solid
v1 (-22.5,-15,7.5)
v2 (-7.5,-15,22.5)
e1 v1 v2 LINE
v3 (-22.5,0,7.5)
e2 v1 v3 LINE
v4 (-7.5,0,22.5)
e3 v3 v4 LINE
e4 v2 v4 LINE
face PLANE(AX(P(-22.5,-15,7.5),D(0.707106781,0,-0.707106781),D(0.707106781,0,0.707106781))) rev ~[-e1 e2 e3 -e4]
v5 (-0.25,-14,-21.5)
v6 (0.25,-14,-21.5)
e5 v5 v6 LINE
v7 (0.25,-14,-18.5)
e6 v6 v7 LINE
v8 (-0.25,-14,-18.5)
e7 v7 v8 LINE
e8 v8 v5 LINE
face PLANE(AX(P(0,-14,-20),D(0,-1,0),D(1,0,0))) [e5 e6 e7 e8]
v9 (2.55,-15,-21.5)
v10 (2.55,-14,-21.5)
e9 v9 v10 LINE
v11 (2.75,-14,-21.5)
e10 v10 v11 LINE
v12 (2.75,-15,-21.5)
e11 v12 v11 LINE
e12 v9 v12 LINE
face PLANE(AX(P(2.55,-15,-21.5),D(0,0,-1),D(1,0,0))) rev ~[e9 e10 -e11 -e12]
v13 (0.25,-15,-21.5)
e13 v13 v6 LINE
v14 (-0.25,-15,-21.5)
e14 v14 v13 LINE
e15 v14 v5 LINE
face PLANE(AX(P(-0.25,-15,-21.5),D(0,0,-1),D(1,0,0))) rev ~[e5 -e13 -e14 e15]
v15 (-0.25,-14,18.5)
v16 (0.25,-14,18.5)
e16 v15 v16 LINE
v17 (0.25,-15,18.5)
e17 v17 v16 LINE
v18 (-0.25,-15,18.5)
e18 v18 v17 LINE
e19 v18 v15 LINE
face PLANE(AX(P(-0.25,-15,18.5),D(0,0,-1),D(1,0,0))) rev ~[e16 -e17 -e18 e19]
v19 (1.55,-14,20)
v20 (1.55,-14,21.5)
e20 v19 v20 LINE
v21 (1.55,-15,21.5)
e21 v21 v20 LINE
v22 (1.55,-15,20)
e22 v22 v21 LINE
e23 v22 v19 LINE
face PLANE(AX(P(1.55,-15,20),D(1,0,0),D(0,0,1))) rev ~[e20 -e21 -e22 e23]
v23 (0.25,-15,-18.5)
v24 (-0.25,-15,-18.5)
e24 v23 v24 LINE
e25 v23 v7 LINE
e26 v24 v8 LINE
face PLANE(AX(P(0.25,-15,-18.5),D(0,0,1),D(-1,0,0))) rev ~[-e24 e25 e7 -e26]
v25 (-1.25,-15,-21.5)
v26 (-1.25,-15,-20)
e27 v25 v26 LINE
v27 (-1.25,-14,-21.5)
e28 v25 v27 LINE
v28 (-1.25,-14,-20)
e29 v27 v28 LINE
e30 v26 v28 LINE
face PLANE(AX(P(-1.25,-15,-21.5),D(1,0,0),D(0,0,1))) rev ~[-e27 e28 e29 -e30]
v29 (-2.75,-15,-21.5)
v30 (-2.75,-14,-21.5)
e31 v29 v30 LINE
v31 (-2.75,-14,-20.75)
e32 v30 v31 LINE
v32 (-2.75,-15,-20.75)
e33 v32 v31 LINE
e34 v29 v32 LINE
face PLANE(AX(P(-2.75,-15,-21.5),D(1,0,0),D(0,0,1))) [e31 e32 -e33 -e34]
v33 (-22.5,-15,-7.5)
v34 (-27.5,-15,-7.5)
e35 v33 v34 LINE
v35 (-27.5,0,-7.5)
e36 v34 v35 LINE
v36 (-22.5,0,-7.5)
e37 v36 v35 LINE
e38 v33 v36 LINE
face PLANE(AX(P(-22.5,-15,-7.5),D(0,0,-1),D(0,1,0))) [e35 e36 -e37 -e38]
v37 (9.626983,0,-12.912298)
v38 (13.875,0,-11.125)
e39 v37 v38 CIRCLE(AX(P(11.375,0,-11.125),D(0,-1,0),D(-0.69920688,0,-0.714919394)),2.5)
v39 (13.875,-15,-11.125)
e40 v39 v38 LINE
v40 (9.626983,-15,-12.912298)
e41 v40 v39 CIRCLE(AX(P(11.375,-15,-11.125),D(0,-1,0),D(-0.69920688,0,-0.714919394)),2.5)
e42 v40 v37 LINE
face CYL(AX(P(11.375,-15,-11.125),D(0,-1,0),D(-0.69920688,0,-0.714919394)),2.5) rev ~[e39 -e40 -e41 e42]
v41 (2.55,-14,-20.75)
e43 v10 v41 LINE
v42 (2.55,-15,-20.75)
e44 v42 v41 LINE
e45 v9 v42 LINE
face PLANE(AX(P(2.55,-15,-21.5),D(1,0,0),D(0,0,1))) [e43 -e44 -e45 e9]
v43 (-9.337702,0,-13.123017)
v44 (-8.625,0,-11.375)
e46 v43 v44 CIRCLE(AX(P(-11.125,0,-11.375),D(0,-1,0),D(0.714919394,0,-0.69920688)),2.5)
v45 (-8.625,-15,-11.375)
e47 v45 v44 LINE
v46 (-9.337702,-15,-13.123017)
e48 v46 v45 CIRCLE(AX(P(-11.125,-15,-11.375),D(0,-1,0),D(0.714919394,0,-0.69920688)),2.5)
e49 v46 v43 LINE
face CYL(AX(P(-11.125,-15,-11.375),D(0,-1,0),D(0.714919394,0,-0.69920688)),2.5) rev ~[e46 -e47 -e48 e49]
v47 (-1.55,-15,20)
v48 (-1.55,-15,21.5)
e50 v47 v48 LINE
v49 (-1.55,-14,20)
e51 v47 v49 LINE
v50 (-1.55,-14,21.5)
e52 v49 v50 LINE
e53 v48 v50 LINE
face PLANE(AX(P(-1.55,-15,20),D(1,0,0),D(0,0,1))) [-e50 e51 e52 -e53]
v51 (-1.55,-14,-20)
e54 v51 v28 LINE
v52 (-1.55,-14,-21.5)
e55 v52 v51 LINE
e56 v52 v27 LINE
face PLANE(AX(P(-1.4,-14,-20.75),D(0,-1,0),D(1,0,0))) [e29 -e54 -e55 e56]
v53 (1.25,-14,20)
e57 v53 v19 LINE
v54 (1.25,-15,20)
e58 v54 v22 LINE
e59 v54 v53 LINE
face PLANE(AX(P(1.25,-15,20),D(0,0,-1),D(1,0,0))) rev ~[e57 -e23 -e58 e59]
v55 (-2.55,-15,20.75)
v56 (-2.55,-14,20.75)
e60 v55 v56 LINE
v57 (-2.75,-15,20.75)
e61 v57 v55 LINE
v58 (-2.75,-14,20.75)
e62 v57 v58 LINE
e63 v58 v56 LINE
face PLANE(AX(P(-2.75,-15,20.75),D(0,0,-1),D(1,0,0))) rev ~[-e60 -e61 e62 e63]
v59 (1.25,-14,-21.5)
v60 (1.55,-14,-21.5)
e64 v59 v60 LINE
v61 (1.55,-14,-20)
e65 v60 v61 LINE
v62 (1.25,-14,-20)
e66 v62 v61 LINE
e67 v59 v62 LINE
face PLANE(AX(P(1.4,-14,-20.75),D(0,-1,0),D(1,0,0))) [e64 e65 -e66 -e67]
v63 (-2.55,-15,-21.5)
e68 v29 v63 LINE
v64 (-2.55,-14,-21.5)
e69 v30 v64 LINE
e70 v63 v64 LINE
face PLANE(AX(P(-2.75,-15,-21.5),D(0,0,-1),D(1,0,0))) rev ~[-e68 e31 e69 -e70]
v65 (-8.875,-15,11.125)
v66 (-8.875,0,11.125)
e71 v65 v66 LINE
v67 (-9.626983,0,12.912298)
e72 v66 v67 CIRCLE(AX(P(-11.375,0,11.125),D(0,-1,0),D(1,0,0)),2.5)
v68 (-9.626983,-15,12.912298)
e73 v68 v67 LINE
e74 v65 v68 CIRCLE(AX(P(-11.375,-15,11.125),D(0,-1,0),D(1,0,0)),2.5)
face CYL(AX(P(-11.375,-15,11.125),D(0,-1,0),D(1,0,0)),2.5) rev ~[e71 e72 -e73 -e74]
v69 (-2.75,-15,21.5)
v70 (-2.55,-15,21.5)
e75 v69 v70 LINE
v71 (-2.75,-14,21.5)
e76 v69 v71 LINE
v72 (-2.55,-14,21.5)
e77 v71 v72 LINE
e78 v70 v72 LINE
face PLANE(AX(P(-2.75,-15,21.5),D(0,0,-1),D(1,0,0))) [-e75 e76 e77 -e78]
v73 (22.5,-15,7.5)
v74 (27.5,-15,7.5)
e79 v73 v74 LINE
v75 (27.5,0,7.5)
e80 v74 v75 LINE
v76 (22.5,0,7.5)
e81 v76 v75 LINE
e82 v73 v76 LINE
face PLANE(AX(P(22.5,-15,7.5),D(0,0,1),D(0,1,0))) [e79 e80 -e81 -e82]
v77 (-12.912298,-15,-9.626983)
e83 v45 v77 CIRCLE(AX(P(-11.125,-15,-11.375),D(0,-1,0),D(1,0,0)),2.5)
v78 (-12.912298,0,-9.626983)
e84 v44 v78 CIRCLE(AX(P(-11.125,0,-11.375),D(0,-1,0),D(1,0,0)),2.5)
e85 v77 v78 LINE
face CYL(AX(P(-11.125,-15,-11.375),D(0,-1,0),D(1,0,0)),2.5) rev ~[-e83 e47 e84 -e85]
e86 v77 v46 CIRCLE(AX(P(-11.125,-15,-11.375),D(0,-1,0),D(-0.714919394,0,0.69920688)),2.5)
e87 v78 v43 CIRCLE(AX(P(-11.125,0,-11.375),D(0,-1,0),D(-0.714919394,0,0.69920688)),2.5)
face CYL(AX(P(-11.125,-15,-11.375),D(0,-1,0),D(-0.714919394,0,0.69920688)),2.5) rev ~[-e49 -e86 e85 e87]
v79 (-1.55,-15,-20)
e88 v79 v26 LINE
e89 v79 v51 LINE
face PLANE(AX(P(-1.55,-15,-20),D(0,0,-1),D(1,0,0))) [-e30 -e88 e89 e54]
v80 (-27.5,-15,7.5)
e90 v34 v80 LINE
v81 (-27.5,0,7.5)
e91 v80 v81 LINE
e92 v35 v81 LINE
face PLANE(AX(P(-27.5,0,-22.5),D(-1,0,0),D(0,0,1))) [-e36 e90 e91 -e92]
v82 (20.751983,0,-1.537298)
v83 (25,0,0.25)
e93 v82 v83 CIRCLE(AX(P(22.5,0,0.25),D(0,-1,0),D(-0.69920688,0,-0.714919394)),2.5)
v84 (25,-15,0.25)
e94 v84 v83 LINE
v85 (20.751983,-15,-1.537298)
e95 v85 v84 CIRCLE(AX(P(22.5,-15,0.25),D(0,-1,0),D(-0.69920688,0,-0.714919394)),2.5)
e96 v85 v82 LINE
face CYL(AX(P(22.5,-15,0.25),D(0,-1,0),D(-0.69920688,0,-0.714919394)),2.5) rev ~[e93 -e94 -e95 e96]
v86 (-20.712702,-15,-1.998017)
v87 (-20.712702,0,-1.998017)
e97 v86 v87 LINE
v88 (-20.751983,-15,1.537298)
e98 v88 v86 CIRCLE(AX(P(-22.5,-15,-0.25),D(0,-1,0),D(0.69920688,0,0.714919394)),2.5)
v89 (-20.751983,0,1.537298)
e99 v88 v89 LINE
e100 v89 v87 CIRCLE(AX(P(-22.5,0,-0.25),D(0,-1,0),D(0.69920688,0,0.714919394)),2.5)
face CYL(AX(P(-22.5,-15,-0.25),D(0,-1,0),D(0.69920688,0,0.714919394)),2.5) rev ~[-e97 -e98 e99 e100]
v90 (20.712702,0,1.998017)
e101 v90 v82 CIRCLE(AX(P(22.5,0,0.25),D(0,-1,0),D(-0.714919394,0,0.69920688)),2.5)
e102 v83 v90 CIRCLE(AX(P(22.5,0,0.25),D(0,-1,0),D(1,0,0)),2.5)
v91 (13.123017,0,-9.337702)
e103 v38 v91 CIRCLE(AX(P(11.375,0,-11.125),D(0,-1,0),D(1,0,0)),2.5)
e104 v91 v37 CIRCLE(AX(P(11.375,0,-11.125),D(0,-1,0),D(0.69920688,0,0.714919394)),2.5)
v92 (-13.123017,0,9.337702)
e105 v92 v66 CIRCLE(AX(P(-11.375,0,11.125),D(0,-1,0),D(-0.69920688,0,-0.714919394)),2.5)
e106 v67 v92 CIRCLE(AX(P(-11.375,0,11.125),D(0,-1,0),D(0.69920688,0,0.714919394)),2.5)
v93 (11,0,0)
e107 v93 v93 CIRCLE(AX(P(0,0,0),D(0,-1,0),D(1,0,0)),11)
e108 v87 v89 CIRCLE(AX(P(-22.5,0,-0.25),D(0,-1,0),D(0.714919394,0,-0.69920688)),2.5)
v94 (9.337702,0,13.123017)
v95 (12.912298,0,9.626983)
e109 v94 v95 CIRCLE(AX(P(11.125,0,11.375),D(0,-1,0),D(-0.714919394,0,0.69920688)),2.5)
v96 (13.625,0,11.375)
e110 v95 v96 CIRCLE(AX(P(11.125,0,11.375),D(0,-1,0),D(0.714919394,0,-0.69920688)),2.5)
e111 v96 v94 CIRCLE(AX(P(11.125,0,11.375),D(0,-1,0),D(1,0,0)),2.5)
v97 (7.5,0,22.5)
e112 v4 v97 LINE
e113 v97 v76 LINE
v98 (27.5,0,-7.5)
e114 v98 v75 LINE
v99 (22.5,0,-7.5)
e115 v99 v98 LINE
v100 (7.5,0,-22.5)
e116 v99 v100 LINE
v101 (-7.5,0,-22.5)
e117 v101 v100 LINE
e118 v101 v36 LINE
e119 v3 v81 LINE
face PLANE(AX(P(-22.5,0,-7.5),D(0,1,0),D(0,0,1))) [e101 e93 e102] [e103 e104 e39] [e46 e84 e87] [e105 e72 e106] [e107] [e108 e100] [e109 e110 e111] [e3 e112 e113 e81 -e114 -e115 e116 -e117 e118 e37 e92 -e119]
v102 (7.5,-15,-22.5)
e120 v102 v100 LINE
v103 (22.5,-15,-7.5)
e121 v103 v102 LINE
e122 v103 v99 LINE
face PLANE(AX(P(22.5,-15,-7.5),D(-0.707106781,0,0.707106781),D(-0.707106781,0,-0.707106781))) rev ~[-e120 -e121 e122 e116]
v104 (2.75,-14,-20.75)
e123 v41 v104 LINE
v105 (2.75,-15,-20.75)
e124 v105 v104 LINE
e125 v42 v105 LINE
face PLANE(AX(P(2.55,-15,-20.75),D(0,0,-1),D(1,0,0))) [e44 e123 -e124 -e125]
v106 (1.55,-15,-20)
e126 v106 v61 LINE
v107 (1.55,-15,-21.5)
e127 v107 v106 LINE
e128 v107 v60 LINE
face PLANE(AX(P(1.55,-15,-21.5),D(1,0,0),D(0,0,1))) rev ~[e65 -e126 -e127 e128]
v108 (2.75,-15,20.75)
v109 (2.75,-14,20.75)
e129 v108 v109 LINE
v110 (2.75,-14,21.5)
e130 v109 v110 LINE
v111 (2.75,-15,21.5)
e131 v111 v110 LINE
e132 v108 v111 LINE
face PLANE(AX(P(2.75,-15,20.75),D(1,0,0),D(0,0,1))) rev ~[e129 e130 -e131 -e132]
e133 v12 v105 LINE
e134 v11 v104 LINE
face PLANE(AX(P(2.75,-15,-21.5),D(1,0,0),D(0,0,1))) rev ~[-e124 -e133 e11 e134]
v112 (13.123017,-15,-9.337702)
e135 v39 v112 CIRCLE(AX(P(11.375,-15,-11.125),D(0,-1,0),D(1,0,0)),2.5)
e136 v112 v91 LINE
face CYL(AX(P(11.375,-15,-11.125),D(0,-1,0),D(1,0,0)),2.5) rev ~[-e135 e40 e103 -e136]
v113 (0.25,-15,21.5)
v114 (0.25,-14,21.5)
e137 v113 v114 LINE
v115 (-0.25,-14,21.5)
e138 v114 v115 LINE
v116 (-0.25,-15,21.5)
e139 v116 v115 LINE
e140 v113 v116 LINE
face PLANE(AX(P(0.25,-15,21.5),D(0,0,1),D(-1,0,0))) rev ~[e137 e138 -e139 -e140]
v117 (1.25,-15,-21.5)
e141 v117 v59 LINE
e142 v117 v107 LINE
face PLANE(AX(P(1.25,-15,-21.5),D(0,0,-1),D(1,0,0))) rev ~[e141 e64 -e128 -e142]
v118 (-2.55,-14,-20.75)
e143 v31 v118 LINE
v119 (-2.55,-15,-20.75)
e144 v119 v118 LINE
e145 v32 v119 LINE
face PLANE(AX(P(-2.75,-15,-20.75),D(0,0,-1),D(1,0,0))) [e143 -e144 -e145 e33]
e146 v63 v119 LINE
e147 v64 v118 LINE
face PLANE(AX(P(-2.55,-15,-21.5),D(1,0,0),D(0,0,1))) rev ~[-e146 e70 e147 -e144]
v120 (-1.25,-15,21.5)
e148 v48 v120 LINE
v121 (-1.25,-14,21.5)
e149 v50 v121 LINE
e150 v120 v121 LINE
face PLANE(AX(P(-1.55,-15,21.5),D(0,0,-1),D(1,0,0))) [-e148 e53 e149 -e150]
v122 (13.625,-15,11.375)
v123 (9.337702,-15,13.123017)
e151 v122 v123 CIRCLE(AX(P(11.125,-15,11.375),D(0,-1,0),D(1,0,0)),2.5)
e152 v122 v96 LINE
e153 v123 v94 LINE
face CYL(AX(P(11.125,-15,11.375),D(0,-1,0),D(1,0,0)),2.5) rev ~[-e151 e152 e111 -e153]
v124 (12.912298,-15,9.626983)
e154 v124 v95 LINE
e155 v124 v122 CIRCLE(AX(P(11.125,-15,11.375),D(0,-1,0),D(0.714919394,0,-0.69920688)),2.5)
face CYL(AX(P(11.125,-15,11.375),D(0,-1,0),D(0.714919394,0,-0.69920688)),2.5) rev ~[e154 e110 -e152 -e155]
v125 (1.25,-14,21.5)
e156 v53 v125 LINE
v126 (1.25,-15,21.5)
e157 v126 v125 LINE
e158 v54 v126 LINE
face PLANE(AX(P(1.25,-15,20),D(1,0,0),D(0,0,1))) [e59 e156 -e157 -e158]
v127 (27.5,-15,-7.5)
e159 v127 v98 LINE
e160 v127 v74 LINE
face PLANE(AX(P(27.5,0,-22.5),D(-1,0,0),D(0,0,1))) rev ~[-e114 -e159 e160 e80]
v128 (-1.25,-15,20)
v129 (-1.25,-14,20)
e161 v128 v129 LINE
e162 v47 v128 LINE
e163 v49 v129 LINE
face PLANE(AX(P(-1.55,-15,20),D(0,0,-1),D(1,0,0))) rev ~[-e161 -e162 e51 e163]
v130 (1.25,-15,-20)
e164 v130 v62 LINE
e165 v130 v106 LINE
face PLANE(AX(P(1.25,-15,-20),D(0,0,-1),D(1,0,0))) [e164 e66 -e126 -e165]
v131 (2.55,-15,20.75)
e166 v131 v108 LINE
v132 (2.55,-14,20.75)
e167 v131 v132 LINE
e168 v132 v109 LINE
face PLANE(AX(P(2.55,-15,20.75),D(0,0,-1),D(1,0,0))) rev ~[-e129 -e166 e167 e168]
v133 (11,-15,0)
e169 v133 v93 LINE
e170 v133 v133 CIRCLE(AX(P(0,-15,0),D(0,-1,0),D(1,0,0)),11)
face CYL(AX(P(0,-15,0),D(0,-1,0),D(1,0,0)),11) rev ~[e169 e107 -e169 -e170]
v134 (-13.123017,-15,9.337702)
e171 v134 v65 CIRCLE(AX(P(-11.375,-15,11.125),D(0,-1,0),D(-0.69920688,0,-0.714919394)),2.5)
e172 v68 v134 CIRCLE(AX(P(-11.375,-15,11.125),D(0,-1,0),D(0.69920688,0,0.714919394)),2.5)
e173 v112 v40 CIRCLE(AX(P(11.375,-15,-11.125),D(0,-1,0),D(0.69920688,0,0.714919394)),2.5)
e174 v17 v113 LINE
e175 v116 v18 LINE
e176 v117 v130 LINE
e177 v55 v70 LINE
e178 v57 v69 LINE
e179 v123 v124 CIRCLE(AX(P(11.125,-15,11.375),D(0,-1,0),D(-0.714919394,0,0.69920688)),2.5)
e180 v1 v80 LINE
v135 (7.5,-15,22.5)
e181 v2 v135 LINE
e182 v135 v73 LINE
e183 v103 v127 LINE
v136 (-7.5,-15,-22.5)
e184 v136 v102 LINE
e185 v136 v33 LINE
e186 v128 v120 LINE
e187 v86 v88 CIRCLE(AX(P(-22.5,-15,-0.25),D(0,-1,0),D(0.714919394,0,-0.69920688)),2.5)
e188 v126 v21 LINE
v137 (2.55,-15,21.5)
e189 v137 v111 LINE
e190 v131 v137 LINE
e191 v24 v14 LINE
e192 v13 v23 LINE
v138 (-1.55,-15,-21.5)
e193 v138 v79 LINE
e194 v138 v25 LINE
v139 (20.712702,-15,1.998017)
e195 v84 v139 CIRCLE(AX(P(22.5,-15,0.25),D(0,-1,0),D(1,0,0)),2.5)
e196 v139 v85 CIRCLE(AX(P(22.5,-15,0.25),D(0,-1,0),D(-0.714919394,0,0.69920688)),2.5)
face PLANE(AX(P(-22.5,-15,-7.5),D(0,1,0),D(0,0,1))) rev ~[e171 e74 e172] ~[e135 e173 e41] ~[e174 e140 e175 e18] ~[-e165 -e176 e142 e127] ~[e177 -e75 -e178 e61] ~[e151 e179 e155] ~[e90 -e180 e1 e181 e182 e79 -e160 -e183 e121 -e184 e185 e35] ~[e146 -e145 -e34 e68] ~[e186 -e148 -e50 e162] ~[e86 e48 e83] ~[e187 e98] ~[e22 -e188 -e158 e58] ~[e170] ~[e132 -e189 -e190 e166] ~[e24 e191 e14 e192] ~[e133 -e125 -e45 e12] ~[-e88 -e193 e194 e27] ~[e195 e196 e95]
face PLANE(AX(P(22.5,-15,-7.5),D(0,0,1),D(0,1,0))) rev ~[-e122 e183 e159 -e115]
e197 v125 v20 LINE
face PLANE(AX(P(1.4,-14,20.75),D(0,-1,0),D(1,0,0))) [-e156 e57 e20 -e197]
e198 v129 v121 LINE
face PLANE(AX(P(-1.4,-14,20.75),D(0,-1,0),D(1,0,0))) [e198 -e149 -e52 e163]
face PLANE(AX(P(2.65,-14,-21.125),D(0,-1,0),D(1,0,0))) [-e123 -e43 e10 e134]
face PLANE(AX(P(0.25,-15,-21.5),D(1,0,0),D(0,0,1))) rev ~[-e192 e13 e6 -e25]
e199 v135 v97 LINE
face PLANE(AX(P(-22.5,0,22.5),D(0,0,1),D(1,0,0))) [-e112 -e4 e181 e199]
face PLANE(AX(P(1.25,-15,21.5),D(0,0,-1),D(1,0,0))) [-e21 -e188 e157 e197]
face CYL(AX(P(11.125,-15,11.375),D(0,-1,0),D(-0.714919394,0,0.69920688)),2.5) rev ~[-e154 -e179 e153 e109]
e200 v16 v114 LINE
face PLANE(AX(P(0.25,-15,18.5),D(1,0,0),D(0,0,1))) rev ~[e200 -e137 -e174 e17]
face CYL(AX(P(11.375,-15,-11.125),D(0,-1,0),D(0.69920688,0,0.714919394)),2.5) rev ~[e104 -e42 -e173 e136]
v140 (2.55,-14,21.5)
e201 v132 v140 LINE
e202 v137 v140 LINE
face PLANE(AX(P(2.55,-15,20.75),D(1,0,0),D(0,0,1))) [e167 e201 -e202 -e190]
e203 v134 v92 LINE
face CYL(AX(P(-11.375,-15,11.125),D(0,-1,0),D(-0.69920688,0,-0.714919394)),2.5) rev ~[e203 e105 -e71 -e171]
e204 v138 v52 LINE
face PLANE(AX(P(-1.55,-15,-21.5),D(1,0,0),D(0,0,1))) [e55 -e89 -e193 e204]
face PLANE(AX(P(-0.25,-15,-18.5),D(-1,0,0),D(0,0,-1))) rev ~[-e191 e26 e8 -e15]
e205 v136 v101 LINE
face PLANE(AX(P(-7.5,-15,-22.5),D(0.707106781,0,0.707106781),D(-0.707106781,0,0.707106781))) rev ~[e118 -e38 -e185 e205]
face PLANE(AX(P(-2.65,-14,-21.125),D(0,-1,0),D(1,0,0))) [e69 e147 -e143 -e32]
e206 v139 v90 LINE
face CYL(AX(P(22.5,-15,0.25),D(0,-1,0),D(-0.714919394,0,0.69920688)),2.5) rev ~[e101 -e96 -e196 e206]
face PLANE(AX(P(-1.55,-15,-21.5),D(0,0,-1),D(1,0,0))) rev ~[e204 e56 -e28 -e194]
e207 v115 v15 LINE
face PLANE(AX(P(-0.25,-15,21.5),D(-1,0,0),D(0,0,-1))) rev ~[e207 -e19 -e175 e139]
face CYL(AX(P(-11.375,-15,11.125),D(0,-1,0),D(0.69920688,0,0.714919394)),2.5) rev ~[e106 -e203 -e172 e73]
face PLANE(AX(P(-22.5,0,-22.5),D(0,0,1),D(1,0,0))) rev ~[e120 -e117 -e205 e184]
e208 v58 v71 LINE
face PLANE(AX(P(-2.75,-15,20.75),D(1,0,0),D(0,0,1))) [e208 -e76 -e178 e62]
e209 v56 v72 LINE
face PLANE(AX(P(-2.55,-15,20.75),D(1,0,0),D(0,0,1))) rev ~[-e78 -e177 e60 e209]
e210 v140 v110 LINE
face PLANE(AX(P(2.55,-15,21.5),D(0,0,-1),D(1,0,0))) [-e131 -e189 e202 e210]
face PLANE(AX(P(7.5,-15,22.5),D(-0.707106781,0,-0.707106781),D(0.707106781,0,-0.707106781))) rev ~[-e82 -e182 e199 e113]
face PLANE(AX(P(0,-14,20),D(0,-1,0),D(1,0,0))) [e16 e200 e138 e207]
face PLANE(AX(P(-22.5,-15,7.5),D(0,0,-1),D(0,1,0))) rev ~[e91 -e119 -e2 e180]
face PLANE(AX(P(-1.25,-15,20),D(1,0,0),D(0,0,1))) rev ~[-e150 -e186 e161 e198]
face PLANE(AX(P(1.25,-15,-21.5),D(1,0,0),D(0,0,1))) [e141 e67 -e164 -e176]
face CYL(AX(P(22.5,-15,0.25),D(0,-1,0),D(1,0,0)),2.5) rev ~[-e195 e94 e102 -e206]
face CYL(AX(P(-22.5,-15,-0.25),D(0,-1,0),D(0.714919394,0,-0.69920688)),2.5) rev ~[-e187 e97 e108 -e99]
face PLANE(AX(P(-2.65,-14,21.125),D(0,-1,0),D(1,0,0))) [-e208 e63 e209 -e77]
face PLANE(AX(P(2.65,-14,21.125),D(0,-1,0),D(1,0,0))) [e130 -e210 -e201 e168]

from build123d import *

# Parameters (mm, degrees)
F0_W      = 45
F0_H      = 45
F1_DEPTH  = 15
F2_R      = 11
F3_DEPTH  = 15.001
F5_DEPTH  = 15.001
F6_W      = 0.3
F6_H      = 1.5
F6_W_2    = 0.2
F6_H_2    = 0.75
F7_DEPTH  = 1
F8_DEPTH  = 5
F9_DEPTH  = 5
F11_DEPTH = 15.001


with BuildPart() as f1:
    # F0 (on Front) → F1 (new body)
    with BuildSketch(Plane.XZ):
        Rectangle(F0_W, F0_H)
    extrude(amount=F1_DEPTH)

    # F2 (on face) → F3 (cut, through all)
    with BuildSketch(Plane.XZ.offset(15)):
        Circle(F2_R)
    extrude(amount=-F3_DEPTH, mode=Mode.SUBTRACT)

    # F4 (on face) → F5 (cut, through all)
    with BuildSketch(Plane.XZ.offset(15)):
        Polygon((-22.5, 22.5), (-22.5, 7.5), (-7.5, 22.5), align=None)
        Polygon((22.5, 22.5), (7.5, 22.5), (22.5, 7.5), align=None)
        Polygon((-22.5, -22.5), (-7.5, -22.5), (-22.5, -7.5), align=None)
        Polygon((22.5, -22.5), (22.5, -7.5), (7.5, -22.5), align=None)
    extrude(amount=-F5_DEPTH, mode=Mode.SUBTRACT)

    # F6 (on face) → F7 (cut)
    with BuildSketch(Plane.XZ.offset(15)):
        Polygon((0.25, 20), (0.25, 21.5), (-0.25, 21.5), (-0.25, 20), (-0.25, 18.5), (0.25, 18.5), align=None)
        with Locations((-1.4, 20.75)):
            Rectangle(F6_W, F6_H)
        with Locations((1.4, 20.75)):
            Rectangle(F6_W, F6_H)
        with Locations((-2.65, 21.125)):
            Rectangle(F6_W_2, F6_H_2)
        with Locations((2.65, 21.125)):
            Rectangle(F6_W_2, F6_H_2)
        Polygon((-0.25, -21.5), (0.25, -21.5), (0.25, -20), (0.25, -18.5), (-0.25, -18.5), (-0.25, -20), align=None)
        with Locations((-1.4, -20.75)):
            Rectangle(F6_W, F6_H)
        with Locations((2.65, -21.125)):
            Rectangle(F6_W_2, F6_H_2)
        with Locations((1.4, -20.75)):
            Rectangle(F6_W, F6_H)
        with Locations((-2.65, -21.125)):
            Rectangle(F6_W_2, F6_H_2)
    extrude(amount=-F7_DEPTH, mode=Mode.SUBTRACT)

    # F8 (add): a face of the model
    f8_faces = [f1.faces().sort_by_distance(p)[0] for p in [
        (22.5, -7.5, 0),
    ]]
    extrude(f8_faces, amount=F8_DEPTH)

    # F9 (add): a face of the model
    f9_faces = [f1.faces().sort_by_distance(p)[0] for p in [
        (-22.5, -7.5, 0),
    ]]
    extrude(f9_faces, amount=F9_DEPTH)

    # F10 (on face) → F11 (cut, through all)
    with BuildSketch(Plane.XZ.offset(15)):
        with BuildLine():
            ThreePointArc((13.625, 11.375), (12.068862752, 13.6899779924), (9.3377015157, 13.123017199))
            Line((9.3377015157, 13.123017199), (12.9122984843, 9.626982801))
            ThreePointArc((12.9122984843, 9.626982801), (13.4399779924, 10.431137248), (13.625, 11.375))
        make_face()
        with BuildLine():
            Line((12.9122984843, 9.626982801), (9.3377015157, 13.123017199))
            ThreePointArc((9.3377015157, 13.123017199), (9.376982801, 9.5877015157), (12.9122984843, 9.626982801))
        make_face()
        with BuildLine():
            Line((20.7127015157, 1.998017199), (22.5, 0.25))
            Line((22.5, 0.25), (20.751982801, -1.5372984843))
            ThreePointArc((20.751982801, -1.5372984843), (23.4695248843, -2.0543483892), (25, 0.25))
            ThreePointArc((25, 0.25), (23.443862752, 2.5649779924), (20.7127015157, 1.998017199))
        make_face()
        with BuildLine():
            Line((20.751982801, -1.5372984843), (22.5, 0.25))
            Line((22.5, 0.25), (20.7127015157, 1.998017199))
            ThreePointArc((20.7127015157, 1.998017199), (20.0001543067, 0.2222239367), (20.751982801, -1.5372984843))
        make_face()
        with BuildLine():
            ThreePointArc((-12.9122984843, -9.626982801), (-12.873017199, -13.1622984843), (-9.3377015157, -13.123017199))
            Line((-9.3377015157, -13.123017199), (-12.9122984843, -9.626982801))
        make_face()
        with BuildLine():
            Line((-12.9122984843, -9.626982801), (-9.3377015157, -13.123017199))
            ThreePointArc((-9.3377015157, -13.123017199), (-8.8100220076, -12.318862752), (-8.625, -11.375))
            ThreePointArc((-8.625, -11.375), (-10.181137248, -9.0600220076), (-12.9122984843, -9.626982801))
        make_face()
        with BuildLine():
            Line((-20.7127015157, -1.998017199), (-22.5, -0.25))
            Line((-22.5, -0.25), (-20.751982801, 1.5372984843))
            ThreePointArc((-20.751982801, 1.5372984843), (-24.9998456933, -0.2777760633), (-20.7127015157, -1.998017199))
        make_face()
        with BuildLine():
            Line((-20.751982801, 1.5372984843), (-22.5, -0.25))
            Line((-22.5, -0.25), (-20.7127015157, -1.998017199))
            ThreePointArc((-20.7127015157, -1.998017199), (-20.1850220076, -1.193862752), (-20, -0.25))
            ThreePointArc((-20, -0.25), (-20.1956516108, 0.7195248843), (-20.751982801, 1.5372984843))
        make_face()
        with BuildLine():
            ThreePointArc((-13.123017199, 9.3377015157), (-10.4054751157, 8.8206516108), (-8.875, 11.125))
            ThreePointArc((-8.875, 11.125), (-9.0706516108, 12.0945248843), (-9.626982801, 12.9122984843))
            Line((-9.626982801, 12.9122984843), (-13.123017199, 9.3377015157))
        make_face()
        with BuildLine():
            Line((-13.123017199, 9.3377015157), (-9.626982801, 12.9122984843))
            ThreePointArc((-9.626982801, 12.9122984843), (-13.1622984843, 12.873017199), (-13.123017199, 9.3377015157))
        make_face()
        with BuildLine():
            ThreePointArc((9.626982801, -12.9122984843), (12.3445248843, -13.4293483892), (13.875, -11.125))
            ThreePointArc((13.875, -11.125), (13.6793483892, -10.1554751157), (13.123017199, -9.3377015157))
            Line((13.123017199, -9.3377015157), (9.626982801, -12.9122984843))
        make_face()
        with BuildLine():
            Line((9.626982801, -12.9122984843), (13.123017199, -9.3377015157))
            ThreePointArc((13.123017199, -9.3377015157), (9.5877015157, -9.376982801), (9.626982801, -12.9122984843))
        make_face()
    extrude(amount=-F11_DEPTH, mode=Mode.SUBTRACT)


solid = f1.part
